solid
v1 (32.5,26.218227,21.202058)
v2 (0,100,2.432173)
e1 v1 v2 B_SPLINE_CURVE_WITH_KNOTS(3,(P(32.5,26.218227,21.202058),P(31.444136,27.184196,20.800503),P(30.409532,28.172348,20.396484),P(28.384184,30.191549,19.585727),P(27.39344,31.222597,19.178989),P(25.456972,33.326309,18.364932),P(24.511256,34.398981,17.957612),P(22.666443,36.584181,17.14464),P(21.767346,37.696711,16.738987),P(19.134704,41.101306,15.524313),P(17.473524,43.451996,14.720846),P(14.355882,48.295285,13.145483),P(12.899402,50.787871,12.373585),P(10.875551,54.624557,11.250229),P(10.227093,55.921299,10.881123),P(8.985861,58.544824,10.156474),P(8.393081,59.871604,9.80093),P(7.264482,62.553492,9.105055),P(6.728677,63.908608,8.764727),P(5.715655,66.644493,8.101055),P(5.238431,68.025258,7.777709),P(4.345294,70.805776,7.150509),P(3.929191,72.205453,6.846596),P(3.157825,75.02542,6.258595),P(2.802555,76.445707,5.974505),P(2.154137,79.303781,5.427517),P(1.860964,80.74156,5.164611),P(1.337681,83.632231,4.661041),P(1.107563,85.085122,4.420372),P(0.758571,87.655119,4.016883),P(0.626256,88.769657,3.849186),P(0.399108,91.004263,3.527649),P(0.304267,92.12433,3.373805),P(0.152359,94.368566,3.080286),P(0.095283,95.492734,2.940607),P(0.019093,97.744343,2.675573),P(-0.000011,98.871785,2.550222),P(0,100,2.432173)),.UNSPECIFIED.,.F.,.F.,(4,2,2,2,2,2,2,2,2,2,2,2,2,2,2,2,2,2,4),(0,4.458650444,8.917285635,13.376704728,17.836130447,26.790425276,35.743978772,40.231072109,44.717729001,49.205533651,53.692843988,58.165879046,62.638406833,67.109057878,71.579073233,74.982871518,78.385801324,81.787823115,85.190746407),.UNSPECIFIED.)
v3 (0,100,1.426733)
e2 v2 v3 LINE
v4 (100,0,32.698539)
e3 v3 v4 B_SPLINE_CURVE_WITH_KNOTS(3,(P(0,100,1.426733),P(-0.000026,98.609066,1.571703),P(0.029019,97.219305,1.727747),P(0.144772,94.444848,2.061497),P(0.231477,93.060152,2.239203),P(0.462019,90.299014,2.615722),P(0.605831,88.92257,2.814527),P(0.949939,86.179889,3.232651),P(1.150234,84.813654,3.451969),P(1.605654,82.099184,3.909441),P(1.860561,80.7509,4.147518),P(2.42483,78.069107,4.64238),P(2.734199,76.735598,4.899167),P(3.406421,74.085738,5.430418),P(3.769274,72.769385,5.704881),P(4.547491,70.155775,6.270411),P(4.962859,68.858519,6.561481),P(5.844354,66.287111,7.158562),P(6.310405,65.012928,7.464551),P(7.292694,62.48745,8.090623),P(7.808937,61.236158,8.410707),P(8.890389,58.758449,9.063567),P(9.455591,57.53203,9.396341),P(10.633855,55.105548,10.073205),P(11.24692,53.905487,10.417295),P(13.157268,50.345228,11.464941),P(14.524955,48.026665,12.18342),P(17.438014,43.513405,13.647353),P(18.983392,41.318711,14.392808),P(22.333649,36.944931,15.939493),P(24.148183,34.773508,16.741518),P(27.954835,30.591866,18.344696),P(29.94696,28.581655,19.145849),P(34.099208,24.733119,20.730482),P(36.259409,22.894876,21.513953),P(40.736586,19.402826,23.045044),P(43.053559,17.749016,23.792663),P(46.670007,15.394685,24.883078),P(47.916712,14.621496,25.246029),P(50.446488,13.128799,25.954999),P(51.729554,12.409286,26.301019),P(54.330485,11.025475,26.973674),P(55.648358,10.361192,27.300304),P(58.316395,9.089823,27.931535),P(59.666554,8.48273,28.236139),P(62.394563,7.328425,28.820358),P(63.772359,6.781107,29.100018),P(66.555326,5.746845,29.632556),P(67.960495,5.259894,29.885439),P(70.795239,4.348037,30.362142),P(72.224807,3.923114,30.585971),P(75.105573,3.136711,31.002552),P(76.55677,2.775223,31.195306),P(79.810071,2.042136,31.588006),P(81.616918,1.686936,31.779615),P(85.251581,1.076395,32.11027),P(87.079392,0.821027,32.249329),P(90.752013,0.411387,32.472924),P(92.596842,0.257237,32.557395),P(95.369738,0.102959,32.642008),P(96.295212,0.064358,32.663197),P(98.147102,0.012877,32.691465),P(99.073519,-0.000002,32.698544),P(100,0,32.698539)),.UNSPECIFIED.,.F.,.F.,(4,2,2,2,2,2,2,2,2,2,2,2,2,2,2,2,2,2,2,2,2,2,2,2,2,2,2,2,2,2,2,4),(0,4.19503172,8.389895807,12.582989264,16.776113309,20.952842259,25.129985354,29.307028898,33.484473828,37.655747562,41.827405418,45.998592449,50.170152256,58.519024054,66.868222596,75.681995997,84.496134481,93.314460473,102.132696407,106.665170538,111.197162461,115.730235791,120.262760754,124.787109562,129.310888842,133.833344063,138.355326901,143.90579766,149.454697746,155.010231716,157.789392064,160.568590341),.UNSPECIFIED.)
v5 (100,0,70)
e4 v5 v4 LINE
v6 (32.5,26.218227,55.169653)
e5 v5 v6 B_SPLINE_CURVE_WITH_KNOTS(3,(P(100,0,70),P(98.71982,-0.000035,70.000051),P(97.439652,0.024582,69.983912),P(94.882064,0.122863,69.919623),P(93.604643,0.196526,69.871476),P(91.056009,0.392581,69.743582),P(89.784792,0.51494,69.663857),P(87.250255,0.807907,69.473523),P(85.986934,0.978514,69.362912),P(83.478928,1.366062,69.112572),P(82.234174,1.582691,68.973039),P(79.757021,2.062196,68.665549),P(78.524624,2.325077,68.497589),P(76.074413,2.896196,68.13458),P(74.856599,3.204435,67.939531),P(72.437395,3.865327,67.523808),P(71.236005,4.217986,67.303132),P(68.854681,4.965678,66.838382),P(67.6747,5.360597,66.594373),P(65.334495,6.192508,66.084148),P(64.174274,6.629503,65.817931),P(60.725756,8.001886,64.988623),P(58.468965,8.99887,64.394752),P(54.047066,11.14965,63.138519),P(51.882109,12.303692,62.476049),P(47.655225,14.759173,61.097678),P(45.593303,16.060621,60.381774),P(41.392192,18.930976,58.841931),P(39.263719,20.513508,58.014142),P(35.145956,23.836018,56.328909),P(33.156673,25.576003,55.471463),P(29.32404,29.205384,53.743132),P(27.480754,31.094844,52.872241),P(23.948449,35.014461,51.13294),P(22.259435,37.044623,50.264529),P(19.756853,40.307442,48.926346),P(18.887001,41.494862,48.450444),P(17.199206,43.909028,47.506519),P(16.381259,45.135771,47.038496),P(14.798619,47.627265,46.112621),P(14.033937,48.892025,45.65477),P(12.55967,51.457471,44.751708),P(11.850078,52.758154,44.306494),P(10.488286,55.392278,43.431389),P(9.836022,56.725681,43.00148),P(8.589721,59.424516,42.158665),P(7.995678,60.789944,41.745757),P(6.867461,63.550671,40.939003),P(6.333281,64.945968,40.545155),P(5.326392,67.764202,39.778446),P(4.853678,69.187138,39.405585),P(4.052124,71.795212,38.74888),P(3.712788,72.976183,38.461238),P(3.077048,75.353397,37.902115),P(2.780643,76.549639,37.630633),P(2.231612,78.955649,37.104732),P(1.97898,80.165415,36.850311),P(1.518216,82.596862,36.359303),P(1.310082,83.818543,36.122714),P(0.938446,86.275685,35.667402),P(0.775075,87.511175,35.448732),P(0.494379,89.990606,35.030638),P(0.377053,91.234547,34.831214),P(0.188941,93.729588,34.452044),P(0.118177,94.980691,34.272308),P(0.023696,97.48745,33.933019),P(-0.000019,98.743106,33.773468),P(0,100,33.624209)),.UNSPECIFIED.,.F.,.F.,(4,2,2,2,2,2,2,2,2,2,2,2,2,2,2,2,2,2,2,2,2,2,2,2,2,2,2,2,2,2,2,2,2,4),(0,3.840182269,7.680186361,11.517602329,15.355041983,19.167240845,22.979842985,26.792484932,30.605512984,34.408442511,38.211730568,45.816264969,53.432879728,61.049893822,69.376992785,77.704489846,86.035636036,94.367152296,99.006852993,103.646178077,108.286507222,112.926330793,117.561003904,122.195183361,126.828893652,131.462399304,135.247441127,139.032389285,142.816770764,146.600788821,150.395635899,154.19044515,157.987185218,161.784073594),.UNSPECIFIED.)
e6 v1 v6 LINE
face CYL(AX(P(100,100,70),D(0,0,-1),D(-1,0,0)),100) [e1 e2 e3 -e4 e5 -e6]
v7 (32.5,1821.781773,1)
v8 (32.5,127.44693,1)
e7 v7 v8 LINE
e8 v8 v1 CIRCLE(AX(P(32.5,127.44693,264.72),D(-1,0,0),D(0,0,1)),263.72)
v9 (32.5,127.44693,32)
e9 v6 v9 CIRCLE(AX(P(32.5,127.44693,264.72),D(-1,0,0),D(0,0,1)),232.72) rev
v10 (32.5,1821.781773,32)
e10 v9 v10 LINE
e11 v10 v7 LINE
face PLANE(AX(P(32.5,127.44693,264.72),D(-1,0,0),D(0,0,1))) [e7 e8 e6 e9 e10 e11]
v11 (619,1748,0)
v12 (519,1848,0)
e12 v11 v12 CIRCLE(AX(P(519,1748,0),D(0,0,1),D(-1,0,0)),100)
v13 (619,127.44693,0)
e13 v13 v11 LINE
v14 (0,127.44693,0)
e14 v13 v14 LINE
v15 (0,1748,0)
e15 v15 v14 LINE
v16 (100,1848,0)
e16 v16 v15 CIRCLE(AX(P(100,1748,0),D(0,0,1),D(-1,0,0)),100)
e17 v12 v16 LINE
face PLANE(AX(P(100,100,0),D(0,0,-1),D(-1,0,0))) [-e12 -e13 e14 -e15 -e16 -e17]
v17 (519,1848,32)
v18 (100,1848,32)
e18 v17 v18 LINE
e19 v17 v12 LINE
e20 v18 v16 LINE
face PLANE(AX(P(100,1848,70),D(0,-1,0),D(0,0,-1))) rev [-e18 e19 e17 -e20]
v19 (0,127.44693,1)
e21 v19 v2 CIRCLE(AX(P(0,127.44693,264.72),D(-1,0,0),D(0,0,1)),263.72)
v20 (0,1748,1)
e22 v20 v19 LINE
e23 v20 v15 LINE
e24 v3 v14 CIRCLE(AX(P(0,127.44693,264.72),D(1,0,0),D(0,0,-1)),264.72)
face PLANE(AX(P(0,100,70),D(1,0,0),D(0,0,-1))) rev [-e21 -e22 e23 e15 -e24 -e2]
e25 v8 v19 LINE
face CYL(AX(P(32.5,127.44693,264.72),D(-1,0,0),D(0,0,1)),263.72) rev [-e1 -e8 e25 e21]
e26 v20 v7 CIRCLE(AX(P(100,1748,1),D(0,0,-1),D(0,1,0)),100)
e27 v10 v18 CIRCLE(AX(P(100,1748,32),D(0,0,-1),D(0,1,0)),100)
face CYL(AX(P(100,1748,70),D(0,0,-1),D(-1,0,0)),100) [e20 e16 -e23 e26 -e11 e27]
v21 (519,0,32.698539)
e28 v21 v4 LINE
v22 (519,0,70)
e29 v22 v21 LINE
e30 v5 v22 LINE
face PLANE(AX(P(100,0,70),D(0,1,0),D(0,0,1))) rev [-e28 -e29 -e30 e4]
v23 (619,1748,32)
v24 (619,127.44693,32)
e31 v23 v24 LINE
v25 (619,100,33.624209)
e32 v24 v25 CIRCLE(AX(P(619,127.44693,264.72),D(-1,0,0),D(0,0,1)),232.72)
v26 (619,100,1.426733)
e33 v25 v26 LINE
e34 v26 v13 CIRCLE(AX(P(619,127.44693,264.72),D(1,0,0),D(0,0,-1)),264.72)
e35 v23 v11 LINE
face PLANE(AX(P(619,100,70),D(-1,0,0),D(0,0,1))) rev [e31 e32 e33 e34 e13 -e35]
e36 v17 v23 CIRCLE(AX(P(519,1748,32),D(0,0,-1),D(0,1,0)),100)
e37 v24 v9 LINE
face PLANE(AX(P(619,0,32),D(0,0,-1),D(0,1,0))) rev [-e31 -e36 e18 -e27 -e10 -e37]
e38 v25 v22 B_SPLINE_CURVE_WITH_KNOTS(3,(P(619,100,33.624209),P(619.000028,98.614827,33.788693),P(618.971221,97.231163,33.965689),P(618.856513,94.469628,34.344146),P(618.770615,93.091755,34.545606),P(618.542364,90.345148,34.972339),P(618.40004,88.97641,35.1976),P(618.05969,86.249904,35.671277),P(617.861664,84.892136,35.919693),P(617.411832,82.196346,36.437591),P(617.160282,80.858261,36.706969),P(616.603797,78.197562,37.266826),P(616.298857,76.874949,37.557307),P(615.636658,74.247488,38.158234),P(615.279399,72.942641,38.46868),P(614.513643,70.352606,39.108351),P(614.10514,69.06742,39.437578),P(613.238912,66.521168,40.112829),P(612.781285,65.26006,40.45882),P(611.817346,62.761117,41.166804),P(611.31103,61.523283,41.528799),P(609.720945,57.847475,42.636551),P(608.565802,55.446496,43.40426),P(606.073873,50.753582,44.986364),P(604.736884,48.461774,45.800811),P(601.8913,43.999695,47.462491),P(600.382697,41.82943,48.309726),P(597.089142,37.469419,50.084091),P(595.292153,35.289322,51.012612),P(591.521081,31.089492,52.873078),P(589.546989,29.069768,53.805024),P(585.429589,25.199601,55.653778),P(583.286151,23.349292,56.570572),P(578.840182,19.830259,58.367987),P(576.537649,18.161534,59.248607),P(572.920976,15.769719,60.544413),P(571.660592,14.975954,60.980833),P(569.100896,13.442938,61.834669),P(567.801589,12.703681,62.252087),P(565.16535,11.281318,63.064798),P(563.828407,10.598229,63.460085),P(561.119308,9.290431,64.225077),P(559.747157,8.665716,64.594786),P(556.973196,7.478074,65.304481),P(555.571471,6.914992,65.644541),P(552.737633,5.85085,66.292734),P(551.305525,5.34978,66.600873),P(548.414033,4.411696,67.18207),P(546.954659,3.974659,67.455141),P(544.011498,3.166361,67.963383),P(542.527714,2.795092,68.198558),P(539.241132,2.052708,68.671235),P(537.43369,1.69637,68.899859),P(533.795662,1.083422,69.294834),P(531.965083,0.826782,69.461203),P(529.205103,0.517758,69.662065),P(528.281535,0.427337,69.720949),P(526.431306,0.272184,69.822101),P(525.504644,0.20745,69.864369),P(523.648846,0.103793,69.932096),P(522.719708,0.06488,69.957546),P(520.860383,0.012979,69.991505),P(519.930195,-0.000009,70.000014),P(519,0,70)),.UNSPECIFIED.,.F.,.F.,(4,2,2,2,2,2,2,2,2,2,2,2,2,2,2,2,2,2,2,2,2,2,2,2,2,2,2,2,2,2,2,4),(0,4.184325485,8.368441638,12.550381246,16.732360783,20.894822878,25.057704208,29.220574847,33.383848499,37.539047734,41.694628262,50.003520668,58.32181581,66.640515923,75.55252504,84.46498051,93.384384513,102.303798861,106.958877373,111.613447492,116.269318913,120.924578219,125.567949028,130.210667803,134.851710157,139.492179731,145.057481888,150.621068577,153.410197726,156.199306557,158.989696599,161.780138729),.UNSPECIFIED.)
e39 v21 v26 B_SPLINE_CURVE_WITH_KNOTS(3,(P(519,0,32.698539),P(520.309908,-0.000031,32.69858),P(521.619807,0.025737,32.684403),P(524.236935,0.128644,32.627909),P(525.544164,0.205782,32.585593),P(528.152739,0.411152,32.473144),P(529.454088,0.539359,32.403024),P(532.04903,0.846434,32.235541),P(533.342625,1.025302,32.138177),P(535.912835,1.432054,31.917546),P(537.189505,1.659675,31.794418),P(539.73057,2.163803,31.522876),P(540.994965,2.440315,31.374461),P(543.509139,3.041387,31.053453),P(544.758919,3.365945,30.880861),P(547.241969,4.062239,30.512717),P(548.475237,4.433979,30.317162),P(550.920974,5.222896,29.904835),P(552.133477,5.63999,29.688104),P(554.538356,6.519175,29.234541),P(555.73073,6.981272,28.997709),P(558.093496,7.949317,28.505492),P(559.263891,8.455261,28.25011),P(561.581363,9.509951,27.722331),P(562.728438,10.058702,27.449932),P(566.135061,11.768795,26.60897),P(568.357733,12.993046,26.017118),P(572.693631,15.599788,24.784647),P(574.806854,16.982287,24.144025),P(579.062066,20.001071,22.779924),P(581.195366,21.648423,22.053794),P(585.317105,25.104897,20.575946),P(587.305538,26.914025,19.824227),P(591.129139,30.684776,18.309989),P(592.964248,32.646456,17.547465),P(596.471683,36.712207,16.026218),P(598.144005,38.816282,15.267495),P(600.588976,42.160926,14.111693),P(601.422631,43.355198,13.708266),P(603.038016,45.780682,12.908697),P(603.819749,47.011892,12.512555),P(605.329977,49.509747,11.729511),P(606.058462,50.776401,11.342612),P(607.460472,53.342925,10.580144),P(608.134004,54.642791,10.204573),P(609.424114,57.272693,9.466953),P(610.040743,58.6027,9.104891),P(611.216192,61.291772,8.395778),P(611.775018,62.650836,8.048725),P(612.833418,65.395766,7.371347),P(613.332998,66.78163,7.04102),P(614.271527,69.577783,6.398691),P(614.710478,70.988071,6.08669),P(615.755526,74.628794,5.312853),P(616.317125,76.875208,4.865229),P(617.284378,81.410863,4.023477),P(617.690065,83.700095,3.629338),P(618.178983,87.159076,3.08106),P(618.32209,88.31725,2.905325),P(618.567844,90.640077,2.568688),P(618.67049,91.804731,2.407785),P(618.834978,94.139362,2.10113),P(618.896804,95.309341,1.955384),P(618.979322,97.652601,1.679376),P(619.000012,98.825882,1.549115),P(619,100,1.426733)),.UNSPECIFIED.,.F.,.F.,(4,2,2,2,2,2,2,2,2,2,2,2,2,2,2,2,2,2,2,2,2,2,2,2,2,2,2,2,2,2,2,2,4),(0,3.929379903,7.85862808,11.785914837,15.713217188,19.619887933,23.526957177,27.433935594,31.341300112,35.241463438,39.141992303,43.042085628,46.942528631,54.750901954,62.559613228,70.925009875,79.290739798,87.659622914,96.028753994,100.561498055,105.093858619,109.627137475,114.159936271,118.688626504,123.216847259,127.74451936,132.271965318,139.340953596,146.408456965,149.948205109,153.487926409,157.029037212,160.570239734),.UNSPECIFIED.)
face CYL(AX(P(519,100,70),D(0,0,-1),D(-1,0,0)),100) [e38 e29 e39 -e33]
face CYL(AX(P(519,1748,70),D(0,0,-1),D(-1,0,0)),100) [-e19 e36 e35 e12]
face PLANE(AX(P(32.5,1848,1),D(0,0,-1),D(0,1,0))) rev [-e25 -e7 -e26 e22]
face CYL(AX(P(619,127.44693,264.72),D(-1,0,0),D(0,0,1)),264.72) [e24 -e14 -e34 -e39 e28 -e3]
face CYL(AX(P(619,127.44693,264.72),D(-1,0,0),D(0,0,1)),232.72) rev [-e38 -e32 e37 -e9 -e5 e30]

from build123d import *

# Parameters (mm, degrees)
BOSS_EXTRUDE1_DEPTH = 70
CUT_EXTRUDE1_DEPTH  = 1951.170505366
CUT_EXTRUDE2_DEPTH  = 32.5


with BuildPart() as part:
    # Sketch1 → Boss-Extrude1 (new body)
    with BuildSketch(Plane.XY):
        with BuildLine():
            Line((100, 0), (519, 0))
            ThreePointArc((519, 0), (589.710678119, 29.289321881), (619, 100))
            Line((619, 100), (619, 1748))
            ThreePointArc((619, 1748), (589.710678119, 1818.710678119), (519, 1848))
            Line((519, 1848), (100, 1848))
            ThreePointArc((100, 1848), (29.289321881, 1818.710678119), (0, 1748))
            Line((0, 1748), (0, 100))
            ThreePointArc((0, 100), (29.289321881, 29.289321881), (100, 0))
        make_face()
    extrude(amount=BOSS_EXTRUDE1_DEPTH)

    # Sketch2 → Cut-Extrude1 (cut, through all)
    with BuildSketch(Plane.ZY):
        with BuildLine():
            Line((70, 1848), (32, 1848))
            Line((32, 1848), (32, 127.446930132))
            ThreePointArc((32, 127.446930132), (41.702246447, 60.951215984), (70, 0))
            Line((70, 0), (70, 1848))
        make_face()
        with BuildLine():
            Line((0, 0), (32.698538924, 0))
            ThreePointArc((32.698538924, 0), (8.304907254, 61.659555872), (0, 127.446930132))
            Line((0, 127.446930132), (0, 0))
        make_face()
    extrude(amount=-CUT_EXTRUDE1_DEPTH, mode=Mode.SUBTRACT)

    # Sketch4 → Cut-Extrude2 (cut)
    with BuildSketch(Plane.ZY):
        with BuildLine():
            Line((1, 1848), (32, 1848))
            Line((32, 1848), (32, 127.446930132))
            ThreePointArc((32, 127.446930132), (41.702246447, 60.951215984), (70, 0))
            Line((70, 0), (33.840121275, 0))
            ThreePointArc((33.840121275, 0), (9.341966472, 61.641927348), (1, 127.446930132))
            Line((1, 127.446930132), (1, 1848))
        make_face()
    extrude(amount=-CUT_EXTRUDE2_DEPTH, mode=Mode.SUBTRACT)


solid = part.part
